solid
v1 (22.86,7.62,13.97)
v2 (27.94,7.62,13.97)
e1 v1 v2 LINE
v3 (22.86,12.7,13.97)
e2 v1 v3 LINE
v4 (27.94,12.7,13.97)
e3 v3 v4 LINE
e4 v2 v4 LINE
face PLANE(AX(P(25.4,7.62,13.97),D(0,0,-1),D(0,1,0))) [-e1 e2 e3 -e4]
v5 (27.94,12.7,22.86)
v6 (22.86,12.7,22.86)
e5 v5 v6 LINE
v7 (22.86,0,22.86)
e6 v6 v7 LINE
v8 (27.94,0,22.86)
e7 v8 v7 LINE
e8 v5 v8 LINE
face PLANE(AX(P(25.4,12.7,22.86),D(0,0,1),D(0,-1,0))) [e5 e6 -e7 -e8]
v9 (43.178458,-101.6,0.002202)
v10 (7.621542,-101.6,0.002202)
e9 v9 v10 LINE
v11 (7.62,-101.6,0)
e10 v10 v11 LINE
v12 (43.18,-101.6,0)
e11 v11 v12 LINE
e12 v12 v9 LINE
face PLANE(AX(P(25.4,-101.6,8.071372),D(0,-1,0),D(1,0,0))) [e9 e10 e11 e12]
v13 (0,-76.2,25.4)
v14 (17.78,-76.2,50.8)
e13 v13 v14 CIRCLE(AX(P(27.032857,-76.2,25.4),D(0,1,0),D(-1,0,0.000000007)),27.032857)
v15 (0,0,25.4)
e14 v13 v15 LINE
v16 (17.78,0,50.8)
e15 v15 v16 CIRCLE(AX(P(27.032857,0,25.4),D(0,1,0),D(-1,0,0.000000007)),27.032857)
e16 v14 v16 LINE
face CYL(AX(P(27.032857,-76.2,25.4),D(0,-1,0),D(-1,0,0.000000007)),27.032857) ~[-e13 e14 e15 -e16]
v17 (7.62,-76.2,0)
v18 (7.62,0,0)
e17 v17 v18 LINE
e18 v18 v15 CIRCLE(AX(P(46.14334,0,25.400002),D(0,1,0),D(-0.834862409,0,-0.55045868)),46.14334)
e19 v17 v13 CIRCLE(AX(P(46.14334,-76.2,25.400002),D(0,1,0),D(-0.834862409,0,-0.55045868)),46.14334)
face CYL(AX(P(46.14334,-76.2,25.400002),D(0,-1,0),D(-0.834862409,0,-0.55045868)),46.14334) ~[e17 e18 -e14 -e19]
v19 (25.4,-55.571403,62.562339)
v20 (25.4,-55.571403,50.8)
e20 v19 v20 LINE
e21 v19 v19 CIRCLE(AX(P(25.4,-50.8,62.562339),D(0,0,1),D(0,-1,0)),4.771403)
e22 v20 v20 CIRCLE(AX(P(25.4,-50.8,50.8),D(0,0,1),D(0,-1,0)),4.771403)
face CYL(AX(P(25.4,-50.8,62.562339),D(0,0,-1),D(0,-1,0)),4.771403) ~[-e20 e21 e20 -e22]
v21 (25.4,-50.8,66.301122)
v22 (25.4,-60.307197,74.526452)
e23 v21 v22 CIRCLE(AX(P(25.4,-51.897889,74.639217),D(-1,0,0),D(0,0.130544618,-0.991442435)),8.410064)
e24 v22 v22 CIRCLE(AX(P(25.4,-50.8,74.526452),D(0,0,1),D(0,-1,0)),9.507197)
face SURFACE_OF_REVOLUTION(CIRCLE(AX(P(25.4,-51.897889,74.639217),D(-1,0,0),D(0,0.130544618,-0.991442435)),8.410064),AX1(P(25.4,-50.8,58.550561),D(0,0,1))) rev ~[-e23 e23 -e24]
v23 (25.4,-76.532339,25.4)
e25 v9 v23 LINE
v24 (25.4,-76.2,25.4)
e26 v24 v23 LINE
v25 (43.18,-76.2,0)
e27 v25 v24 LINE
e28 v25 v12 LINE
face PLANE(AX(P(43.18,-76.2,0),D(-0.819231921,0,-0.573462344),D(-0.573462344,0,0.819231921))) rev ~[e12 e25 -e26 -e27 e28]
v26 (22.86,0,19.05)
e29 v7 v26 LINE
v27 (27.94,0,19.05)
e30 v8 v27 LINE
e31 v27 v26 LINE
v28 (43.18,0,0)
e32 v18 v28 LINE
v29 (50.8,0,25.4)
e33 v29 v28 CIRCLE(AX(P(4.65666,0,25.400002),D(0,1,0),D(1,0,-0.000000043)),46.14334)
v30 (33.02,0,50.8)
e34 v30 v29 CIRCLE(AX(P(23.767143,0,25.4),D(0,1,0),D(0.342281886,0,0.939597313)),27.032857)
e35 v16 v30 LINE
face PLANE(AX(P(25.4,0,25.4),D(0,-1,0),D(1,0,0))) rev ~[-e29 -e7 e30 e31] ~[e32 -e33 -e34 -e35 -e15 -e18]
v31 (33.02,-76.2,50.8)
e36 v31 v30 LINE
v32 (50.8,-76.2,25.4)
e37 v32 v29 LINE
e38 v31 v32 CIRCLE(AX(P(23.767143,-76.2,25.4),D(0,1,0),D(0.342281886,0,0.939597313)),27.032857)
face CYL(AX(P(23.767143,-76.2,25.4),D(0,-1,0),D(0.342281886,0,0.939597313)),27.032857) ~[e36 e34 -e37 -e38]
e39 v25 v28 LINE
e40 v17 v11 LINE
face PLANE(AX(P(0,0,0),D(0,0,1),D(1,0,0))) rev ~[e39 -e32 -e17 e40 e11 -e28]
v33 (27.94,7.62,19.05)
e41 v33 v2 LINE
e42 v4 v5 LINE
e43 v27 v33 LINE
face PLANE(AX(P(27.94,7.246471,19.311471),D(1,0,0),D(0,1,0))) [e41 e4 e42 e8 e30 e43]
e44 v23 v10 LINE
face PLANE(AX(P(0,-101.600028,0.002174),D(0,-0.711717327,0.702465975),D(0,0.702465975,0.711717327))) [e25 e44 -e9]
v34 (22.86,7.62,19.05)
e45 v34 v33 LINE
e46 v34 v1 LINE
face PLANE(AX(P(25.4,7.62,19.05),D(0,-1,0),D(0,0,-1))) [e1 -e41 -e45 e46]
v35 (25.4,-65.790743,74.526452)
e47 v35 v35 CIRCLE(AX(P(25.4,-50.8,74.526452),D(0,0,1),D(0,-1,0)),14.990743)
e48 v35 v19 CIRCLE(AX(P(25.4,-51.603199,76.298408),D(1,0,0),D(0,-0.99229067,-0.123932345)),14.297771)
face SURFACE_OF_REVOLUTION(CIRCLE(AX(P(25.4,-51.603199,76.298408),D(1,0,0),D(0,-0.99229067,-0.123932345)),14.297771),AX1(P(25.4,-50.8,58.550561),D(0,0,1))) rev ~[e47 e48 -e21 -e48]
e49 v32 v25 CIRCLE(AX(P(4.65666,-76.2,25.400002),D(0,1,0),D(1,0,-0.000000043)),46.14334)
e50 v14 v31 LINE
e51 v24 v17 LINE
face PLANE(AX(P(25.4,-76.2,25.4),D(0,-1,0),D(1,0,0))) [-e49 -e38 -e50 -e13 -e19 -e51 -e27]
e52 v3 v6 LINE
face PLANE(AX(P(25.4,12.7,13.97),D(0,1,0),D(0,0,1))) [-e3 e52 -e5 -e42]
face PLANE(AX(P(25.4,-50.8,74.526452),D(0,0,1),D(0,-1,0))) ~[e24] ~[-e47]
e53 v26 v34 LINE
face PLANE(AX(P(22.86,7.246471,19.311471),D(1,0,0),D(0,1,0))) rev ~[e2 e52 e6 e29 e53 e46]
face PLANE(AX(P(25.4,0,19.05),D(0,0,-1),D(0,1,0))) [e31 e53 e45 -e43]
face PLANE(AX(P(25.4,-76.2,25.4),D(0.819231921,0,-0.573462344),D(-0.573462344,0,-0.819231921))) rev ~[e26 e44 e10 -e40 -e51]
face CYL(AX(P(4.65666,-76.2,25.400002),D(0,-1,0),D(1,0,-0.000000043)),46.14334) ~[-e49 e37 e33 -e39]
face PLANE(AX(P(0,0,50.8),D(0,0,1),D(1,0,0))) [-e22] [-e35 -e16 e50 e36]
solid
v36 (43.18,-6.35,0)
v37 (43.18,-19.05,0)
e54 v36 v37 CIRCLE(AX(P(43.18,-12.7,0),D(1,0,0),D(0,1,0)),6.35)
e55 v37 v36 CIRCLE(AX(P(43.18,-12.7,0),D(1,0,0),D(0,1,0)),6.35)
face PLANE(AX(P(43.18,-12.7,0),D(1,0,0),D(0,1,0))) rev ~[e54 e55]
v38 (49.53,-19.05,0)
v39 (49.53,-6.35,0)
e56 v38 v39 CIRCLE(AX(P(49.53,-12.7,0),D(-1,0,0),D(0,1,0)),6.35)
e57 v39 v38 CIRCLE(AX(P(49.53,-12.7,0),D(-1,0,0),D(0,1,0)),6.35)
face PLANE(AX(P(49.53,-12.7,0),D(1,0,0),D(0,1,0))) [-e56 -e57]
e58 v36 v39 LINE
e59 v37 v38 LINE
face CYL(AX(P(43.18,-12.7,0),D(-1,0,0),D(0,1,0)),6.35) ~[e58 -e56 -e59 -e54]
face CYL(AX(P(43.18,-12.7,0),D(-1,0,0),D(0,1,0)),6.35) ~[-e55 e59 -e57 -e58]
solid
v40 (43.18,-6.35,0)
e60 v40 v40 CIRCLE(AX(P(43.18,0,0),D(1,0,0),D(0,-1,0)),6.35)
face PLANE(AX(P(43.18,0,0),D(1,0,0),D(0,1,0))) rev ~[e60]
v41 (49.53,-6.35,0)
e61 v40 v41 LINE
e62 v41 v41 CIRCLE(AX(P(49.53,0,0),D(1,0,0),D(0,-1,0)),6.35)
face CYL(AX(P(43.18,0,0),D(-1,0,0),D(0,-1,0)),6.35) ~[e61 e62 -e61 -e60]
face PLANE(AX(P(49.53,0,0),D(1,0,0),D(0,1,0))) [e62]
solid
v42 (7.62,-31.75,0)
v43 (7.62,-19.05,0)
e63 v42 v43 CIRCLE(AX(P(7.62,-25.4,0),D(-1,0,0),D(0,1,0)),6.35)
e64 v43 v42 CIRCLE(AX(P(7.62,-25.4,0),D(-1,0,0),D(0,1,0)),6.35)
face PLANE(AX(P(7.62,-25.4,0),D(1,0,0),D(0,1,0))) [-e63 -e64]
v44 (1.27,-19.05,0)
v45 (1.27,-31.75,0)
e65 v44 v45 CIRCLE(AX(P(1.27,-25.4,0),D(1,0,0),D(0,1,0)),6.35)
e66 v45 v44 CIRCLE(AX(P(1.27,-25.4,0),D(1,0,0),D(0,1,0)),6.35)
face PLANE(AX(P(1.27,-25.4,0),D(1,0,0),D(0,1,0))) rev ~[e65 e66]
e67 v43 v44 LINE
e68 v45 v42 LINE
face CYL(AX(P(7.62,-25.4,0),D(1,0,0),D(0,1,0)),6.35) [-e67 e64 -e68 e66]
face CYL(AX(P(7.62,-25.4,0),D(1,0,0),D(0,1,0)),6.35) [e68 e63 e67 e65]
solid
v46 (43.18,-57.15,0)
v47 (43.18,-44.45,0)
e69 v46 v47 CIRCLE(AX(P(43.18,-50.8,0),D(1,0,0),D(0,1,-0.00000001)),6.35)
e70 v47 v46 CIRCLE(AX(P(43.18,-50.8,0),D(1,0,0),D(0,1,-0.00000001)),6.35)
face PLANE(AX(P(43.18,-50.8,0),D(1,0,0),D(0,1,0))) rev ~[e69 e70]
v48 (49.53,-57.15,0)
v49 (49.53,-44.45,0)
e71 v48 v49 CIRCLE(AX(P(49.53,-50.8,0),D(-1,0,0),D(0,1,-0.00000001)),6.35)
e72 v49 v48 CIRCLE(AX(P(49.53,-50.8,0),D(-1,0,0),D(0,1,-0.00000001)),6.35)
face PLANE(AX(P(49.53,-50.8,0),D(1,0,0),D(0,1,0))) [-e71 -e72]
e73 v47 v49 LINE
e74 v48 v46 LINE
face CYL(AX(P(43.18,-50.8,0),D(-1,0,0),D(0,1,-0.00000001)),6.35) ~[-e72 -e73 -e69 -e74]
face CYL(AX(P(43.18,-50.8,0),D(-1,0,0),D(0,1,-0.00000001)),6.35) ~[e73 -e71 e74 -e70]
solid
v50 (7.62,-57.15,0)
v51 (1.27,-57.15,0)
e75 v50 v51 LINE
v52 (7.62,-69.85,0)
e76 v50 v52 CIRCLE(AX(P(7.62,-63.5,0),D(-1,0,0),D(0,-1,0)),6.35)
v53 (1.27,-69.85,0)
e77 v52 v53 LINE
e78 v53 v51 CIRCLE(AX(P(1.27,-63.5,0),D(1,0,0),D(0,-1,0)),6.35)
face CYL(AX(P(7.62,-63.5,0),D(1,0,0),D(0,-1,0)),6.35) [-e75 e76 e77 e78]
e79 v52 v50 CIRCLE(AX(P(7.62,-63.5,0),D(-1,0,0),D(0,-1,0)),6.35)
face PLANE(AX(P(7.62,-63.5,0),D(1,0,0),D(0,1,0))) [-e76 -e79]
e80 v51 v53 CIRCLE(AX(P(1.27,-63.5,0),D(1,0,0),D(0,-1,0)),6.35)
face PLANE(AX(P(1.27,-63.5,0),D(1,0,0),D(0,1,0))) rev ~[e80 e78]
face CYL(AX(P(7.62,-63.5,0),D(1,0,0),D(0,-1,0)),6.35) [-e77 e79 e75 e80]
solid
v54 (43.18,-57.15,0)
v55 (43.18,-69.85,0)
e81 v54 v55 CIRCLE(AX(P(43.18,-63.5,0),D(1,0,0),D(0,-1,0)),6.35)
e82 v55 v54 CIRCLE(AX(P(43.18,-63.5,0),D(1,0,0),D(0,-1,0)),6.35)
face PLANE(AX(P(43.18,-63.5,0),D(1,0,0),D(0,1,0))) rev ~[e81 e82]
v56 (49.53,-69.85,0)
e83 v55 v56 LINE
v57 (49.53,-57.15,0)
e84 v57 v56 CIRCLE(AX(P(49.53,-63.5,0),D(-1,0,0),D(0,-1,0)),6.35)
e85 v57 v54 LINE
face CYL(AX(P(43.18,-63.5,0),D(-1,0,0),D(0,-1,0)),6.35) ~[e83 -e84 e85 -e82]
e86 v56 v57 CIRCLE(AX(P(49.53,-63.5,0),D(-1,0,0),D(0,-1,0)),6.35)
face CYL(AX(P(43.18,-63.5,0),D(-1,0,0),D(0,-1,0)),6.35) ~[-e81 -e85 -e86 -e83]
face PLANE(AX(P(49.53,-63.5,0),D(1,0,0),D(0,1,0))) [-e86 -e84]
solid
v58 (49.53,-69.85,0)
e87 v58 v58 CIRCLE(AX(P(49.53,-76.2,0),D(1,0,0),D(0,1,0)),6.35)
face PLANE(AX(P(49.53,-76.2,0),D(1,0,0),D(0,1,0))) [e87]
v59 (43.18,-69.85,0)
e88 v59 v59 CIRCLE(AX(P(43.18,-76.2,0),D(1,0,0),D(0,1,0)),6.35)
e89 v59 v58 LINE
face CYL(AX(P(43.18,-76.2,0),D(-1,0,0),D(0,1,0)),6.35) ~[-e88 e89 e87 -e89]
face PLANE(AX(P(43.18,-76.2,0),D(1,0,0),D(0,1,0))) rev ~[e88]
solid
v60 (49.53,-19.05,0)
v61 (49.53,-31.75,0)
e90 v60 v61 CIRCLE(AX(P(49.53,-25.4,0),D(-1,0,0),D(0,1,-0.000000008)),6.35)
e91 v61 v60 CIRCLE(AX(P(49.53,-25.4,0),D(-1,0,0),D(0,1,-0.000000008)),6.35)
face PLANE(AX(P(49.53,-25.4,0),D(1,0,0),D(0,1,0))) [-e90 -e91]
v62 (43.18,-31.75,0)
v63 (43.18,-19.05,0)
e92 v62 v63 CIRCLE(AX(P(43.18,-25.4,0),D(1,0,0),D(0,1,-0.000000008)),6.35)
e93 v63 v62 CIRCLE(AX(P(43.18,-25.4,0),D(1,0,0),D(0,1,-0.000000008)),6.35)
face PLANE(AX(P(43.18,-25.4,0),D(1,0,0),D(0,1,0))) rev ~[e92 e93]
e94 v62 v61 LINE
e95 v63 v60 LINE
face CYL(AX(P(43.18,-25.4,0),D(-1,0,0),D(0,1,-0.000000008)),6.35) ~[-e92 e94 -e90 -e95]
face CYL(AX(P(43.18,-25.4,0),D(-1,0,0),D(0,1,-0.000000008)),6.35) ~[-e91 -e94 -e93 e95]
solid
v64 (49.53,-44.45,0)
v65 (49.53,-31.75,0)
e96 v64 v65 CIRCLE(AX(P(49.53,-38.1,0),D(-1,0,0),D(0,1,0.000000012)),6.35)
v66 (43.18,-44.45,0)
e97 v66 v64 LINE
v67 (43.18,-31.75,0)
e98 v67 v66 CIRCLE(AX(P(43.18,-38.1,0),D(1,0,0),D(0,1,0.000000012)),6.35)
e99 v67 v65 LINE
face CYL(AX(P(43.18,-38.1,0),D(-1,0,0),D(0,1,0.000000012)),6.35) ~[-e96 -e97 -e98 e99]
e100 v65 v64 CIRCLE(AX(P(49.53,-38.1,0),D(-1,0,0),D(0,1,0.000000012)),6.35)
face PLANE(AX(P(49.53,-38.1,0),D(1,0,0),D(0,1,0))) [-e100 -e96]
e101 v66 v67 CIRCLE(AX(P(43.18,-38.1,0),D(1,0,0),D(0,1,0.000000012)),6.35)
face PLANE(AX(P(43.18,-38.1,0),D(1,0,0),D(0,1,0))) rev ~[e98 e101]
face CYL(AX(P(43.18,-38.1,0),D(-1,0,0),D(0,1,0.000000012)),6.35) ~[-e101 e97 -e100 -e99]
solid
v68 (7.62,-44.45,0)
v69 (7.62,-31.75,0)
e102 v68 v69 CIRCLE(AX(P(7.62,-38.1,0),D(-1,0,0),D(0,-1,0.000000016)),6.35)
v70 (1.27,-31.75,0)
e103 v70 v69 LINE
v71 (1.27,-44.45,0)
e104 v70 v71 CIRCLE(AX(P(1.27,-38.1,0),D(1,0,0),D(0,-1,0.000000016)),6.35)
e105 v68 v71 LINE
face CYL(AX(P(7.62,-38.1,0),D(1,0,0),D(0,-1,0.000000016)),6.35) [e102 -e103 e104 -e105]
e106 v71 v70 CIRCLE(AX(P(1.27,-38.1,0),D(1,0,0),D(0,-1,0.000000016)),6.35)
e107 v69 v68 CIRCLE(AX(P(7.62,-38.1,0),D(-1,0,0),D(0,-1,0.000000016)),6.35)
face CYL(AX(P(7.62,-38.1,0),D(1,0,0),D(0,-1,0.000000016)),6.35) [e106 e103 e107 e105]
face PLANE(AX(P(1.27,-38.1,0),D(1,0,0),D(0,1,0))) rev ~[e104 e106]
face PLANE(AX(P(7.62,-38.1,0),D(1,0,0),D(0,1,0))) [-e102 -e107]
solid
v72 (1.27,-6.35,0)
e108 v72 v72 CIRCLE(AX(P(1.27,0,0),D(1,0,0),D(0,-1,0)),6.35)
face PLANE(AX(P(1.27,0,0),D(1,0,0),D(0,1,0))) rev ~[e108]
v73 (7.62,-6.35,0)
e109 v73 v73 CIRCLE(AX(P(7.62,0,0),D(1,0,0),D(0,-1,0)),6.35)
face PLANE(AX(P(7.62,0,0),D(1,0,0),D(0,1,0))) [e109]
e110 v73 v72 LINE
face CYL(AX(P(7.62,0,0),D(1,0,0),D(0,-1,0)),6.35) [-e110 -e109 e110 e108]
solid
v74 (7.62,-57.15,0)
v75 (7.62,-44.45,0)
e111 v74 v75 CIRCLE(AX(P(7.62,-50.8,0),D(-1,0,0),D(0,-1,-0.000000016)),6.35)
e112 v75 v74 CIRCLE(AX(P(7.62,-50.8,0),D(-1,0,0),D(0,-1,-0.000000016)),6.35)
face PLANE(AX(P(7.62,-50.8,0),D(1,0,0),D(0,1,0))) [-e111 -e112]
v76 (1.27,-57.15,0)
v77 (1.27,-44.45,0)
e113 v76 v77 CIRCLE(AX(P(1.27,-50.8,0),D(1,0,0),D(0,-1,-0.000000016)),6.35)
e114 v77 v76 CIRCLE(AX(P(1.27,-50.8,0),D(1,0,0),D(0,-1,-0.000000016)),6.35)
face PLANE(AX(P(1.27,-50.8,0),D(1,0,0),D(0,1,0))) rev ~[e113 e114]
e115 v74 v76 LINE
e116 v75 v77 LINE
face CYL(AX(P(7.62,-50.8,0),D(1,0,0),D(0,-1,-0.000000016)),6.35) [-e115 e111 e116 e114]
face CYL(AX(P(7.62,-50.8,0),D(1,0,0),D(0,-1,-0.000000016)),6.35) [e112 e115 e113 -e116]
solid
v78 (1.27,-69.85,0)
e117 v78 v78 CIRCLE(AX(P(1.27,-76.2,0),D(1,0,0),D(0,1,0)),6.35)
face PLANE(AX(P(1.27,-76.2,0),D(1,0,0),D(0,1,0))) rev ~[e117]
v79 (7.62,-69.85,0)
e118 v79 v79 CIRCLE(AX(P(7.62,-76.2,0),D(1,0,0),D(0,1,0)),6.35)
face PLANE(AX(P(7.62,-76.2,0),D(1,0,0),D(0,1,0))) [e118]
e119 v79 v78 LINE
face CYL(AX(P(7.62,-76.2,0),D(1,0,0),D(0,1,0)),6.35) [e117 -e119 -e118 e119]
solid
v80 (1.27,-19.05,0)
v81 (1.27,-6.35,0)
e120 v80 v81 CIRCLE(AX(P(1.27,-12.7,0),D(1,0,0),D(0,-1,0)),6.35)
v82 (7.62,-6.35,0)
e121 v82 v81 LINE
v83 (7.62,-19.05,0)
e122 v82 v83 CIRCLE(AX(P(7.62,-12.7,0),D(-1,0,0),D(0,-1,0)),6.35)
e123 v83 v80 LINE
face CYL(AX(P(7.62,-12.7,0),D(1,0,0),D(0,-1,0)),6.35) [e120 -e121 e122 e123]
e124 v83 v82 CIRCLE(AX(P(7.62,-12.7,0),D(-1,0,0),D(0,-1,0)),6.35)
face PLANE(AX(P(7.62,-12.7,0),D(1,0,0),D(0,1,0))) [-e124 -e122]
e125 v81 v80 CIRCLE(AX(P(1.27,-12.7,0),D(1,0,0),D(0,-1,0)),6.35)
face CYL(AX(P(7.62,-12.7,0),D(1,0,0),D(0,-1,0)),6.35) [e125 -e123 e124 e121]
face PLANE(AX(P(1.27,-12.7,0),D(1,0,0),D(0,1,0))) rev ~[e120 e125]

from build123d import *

# Parameters (mm, degrees)
F0_W      = 50.8
F0_H      = 50.8
F1_DEPTH  = 76.2
F5_DEPTH  = 25.4
F7_DEPTH  = 50.8
F12_DEPTH = 76.2
F14_R     = 6.35
F15_DEPTH = 6.35
F17_R     = 6.35
F18_DEPTH = 6.35
F20_DEPTH = 2.54
F21_DEPTH = 2.54


with BuildPart() as f1:
    # F0 (on Front) → F1 (new body)
    with BuildSketch(Plane.XZ):
        with Locations((25.4, 25.4)):
            Rectangle(F0_W, F0_H)
    extrude(amount=F1_DEPTH)

    # F4 (on offset) → F5 (join)
    with BuildSketch(Plane.XZ.offset(76.2)):
        Polygon((25.4, 25.4), (7.62, 0), (43.18, 0), align=None)
    extrude(amount=F5_DEPTH)

    # F6 (on Right) → F7 (cut)
    with BuildSketch(Plane.YZ):
        Polygon((-101.932339, 25.4), (-101.600028, 0.002174), (-76.532339, 25.4), align=None)
    extrude(amount=F7_DEPTH, mode=Mode.SUBTRACT)

    # F9 (on offset) → F10 (revolve)
    with BuildSketch(Plane.YZ.offset(25.4)):
        with BuildLine():
            Line((-55.571403, 50.8), (-50.8, 50.8))
            Line((-50.8, 50.8), (-50.8, 66.301122))
            ThreePointArc((-50.8, 66.301122), (-57.400454, 68.27911), (-60.307197, 74.526452))
            Line((-60.307197, 74.526452), (-65.790743, 74.526452))
            ThreePointArc((-65.790743, 74.526452), (-62.47485, 67.012212), (-55.571403, 62.562339))
            Line((-55.571403, 62.562339), (-55.571403, 50.8))
        make_face()
    revolve(axis=Axis((25.4, -50.8, 58.550561), (0, 0, 1)))

    # F11 (on face) → F12 (cut)
    with BuildSketch(Plane.XZ.offset(76.2)):
        with BuildLine():
            Line((50.8, 50.8), (33.02, 50.8))
            ThreePointArc((33.02, 50.8), (45.913322, 40.902326), (50.8, 25.4))
            Line((50.8, 25.4), (50.8, 50.8))
        make_face()
        with BuildLine():
            ThreePointArc((0, 25.4), (4.886678, 40.902326), (17.78, 50.8))
            Line((17.78, 50.8), (0, 50.8))
            Line((0, 50.8), (0, 25.4))
        make_face()
        with BuildLine():
            ThreePointArc((7.62, 0), (1.946036, 12.140811), (0, 25.4))
            Line((0, 25.4), (0, 0))
            Line((0, 0), (7.62, 0))
        make_face()
        with BuildLine():
            Line((50.8, 0), (50.8, 25.4))
            ThreePointArc((50.8, 25.4), (48.853964, 12.140811), (43.18, 0))
            Line((43.18, 0), (50.8, 0))
        make_face()
    extrude(amount=-F12_DEPTH, mode=Mode.SUBTRACT)

    # F19 (on offset) → F20 (join)
    with BuildSketch(Plane.YZ.offset(25.4)):
        Polygon((0, 22.86), (0, 19.05), (7.62, 19.05), (7.62, 13.97), (12.7, 13.97), (12.7, 22.86), align=None)
    extrude(amount=F20_DEPTH)

    # F19 (on offset) → F21 (join)
    with BuildSketch(Plane.YZ.offset(25.4)):
        Polygon((0, 22.86), (0, 19.05), (7.62, 19.05), (7.62, 13.97), (12.7, 13.97), (12.7, 22.86), align=None)
    extrude(amount=-F21_DEPTH)


with BuildPart() as f15:
    # F14 (on offset) → F15 (new body)
    with BuildSketch(Plane.YZ.offset(7.62)):
        with BuildLine():
            ThreePointArc((-19.05, 0), (-12.7, -6.35), (-6.35, 0))
            ThreePointArc((-6.35, 0), (-12.7, 6.35), (-19.05, 0))
        make_face()
        with Locations((-76.2, 0)):
            Circle(F14_R)
        with BuildLine():
            ThreePointArc((-69.85, 0), (-63.5, -6.35), (-57.15, 0))
            ThreePointArc((-57.15, 0), (-63.5, 6.35), (-69.85, 0))
        make_face()
        with BuildLine():
            ThreePointArc((-57.15, 0), (-50.8, -6.35), (-44.45, 0))
            ThreePointArc((-44.45, 0), (-50.8, 6.35), (-57.15, 0))
        make_face()
        with BuildLine():
            ThreePointArc((-44.45, 0), (-38.1, -6.35), (-31.75, 0))
            ThreePointArc((-31.75, 0), (-38.1, 6.35), (-44.45, 0))
        make_face()
        with BuildLine():
            ThreePointArc((-31.75, 0), (-25.4, -6.35), (-19.05, 0))
            ThreePointArc((-19.05, 0), (-25.4, 6.35), (-31.75, 0))
        make_face()
        with BuildLine():
            ThreePointArc((6.35, 0), (0, 6.35), (-6.35, 0))
            ThreePointArc((-6.35, 0), (0, -6.35), (6.35, 0))
        make_face()
    extrude(amount=-F15_DEPTH)


with BuildPart() as f18:
    # F17 (on offset) → F18 (new body)
    with BuildSketch(Plane.YZ.offset(43.18)):
        with Locations((-76.2, 0)):
            Circle(F17_R)
        with BuildLine():
            ThreePointArc((6.35, 0), (0, 6.35), (-6.35, 0))
            ThreePointArc((-6.35, 0), (0, -6.35), (6.35, 0))
        make_face()
        with BuildLine():
            ThreePointArc((-6.35, 0), (-12.7, 6.35), (-19.05, 0))
            ThreePointArc((-19.05, 0), (-12.7, -6.35), (-6.35, 0))
        make_face()
        with BuildLine():
            ThreePointArc((-19.05, 0), (-25.4, 6.35), (-31.75, 0))
            ThreePointArc((-31.75, 0), (-25.4, -6.35), (-19.05, 0))
        make_face()
        with BuildLine():
            ThreePointArc((-31.75, 0), (-38.1, 6.35), (-44.45, 0))
            ThreePointArc((-44.45, 0), (-38.1, -6.35), (-31.75, 0))
        make_face()
        with BuildLine():
            ThreePointArc((-44.45, 0), (-50.8, 6.35), (-57.15, 0))
            ThreePointArc((-57.15, 0), (-50.8, -6.35), (-44.45, 0))
        make_face()
        with BuildLine():
            ThreePointArc((-57.15, 0), (-63.5, 6.35), (-69.85, 0))
            ThreePointArc((-69.85, 0), (-63.5, -6.35), (-57.15, 0))
        make_face()
    extrude(amount=F18_DEPTH)


solid = Compound([f1.part, f15.part, f18.part])
